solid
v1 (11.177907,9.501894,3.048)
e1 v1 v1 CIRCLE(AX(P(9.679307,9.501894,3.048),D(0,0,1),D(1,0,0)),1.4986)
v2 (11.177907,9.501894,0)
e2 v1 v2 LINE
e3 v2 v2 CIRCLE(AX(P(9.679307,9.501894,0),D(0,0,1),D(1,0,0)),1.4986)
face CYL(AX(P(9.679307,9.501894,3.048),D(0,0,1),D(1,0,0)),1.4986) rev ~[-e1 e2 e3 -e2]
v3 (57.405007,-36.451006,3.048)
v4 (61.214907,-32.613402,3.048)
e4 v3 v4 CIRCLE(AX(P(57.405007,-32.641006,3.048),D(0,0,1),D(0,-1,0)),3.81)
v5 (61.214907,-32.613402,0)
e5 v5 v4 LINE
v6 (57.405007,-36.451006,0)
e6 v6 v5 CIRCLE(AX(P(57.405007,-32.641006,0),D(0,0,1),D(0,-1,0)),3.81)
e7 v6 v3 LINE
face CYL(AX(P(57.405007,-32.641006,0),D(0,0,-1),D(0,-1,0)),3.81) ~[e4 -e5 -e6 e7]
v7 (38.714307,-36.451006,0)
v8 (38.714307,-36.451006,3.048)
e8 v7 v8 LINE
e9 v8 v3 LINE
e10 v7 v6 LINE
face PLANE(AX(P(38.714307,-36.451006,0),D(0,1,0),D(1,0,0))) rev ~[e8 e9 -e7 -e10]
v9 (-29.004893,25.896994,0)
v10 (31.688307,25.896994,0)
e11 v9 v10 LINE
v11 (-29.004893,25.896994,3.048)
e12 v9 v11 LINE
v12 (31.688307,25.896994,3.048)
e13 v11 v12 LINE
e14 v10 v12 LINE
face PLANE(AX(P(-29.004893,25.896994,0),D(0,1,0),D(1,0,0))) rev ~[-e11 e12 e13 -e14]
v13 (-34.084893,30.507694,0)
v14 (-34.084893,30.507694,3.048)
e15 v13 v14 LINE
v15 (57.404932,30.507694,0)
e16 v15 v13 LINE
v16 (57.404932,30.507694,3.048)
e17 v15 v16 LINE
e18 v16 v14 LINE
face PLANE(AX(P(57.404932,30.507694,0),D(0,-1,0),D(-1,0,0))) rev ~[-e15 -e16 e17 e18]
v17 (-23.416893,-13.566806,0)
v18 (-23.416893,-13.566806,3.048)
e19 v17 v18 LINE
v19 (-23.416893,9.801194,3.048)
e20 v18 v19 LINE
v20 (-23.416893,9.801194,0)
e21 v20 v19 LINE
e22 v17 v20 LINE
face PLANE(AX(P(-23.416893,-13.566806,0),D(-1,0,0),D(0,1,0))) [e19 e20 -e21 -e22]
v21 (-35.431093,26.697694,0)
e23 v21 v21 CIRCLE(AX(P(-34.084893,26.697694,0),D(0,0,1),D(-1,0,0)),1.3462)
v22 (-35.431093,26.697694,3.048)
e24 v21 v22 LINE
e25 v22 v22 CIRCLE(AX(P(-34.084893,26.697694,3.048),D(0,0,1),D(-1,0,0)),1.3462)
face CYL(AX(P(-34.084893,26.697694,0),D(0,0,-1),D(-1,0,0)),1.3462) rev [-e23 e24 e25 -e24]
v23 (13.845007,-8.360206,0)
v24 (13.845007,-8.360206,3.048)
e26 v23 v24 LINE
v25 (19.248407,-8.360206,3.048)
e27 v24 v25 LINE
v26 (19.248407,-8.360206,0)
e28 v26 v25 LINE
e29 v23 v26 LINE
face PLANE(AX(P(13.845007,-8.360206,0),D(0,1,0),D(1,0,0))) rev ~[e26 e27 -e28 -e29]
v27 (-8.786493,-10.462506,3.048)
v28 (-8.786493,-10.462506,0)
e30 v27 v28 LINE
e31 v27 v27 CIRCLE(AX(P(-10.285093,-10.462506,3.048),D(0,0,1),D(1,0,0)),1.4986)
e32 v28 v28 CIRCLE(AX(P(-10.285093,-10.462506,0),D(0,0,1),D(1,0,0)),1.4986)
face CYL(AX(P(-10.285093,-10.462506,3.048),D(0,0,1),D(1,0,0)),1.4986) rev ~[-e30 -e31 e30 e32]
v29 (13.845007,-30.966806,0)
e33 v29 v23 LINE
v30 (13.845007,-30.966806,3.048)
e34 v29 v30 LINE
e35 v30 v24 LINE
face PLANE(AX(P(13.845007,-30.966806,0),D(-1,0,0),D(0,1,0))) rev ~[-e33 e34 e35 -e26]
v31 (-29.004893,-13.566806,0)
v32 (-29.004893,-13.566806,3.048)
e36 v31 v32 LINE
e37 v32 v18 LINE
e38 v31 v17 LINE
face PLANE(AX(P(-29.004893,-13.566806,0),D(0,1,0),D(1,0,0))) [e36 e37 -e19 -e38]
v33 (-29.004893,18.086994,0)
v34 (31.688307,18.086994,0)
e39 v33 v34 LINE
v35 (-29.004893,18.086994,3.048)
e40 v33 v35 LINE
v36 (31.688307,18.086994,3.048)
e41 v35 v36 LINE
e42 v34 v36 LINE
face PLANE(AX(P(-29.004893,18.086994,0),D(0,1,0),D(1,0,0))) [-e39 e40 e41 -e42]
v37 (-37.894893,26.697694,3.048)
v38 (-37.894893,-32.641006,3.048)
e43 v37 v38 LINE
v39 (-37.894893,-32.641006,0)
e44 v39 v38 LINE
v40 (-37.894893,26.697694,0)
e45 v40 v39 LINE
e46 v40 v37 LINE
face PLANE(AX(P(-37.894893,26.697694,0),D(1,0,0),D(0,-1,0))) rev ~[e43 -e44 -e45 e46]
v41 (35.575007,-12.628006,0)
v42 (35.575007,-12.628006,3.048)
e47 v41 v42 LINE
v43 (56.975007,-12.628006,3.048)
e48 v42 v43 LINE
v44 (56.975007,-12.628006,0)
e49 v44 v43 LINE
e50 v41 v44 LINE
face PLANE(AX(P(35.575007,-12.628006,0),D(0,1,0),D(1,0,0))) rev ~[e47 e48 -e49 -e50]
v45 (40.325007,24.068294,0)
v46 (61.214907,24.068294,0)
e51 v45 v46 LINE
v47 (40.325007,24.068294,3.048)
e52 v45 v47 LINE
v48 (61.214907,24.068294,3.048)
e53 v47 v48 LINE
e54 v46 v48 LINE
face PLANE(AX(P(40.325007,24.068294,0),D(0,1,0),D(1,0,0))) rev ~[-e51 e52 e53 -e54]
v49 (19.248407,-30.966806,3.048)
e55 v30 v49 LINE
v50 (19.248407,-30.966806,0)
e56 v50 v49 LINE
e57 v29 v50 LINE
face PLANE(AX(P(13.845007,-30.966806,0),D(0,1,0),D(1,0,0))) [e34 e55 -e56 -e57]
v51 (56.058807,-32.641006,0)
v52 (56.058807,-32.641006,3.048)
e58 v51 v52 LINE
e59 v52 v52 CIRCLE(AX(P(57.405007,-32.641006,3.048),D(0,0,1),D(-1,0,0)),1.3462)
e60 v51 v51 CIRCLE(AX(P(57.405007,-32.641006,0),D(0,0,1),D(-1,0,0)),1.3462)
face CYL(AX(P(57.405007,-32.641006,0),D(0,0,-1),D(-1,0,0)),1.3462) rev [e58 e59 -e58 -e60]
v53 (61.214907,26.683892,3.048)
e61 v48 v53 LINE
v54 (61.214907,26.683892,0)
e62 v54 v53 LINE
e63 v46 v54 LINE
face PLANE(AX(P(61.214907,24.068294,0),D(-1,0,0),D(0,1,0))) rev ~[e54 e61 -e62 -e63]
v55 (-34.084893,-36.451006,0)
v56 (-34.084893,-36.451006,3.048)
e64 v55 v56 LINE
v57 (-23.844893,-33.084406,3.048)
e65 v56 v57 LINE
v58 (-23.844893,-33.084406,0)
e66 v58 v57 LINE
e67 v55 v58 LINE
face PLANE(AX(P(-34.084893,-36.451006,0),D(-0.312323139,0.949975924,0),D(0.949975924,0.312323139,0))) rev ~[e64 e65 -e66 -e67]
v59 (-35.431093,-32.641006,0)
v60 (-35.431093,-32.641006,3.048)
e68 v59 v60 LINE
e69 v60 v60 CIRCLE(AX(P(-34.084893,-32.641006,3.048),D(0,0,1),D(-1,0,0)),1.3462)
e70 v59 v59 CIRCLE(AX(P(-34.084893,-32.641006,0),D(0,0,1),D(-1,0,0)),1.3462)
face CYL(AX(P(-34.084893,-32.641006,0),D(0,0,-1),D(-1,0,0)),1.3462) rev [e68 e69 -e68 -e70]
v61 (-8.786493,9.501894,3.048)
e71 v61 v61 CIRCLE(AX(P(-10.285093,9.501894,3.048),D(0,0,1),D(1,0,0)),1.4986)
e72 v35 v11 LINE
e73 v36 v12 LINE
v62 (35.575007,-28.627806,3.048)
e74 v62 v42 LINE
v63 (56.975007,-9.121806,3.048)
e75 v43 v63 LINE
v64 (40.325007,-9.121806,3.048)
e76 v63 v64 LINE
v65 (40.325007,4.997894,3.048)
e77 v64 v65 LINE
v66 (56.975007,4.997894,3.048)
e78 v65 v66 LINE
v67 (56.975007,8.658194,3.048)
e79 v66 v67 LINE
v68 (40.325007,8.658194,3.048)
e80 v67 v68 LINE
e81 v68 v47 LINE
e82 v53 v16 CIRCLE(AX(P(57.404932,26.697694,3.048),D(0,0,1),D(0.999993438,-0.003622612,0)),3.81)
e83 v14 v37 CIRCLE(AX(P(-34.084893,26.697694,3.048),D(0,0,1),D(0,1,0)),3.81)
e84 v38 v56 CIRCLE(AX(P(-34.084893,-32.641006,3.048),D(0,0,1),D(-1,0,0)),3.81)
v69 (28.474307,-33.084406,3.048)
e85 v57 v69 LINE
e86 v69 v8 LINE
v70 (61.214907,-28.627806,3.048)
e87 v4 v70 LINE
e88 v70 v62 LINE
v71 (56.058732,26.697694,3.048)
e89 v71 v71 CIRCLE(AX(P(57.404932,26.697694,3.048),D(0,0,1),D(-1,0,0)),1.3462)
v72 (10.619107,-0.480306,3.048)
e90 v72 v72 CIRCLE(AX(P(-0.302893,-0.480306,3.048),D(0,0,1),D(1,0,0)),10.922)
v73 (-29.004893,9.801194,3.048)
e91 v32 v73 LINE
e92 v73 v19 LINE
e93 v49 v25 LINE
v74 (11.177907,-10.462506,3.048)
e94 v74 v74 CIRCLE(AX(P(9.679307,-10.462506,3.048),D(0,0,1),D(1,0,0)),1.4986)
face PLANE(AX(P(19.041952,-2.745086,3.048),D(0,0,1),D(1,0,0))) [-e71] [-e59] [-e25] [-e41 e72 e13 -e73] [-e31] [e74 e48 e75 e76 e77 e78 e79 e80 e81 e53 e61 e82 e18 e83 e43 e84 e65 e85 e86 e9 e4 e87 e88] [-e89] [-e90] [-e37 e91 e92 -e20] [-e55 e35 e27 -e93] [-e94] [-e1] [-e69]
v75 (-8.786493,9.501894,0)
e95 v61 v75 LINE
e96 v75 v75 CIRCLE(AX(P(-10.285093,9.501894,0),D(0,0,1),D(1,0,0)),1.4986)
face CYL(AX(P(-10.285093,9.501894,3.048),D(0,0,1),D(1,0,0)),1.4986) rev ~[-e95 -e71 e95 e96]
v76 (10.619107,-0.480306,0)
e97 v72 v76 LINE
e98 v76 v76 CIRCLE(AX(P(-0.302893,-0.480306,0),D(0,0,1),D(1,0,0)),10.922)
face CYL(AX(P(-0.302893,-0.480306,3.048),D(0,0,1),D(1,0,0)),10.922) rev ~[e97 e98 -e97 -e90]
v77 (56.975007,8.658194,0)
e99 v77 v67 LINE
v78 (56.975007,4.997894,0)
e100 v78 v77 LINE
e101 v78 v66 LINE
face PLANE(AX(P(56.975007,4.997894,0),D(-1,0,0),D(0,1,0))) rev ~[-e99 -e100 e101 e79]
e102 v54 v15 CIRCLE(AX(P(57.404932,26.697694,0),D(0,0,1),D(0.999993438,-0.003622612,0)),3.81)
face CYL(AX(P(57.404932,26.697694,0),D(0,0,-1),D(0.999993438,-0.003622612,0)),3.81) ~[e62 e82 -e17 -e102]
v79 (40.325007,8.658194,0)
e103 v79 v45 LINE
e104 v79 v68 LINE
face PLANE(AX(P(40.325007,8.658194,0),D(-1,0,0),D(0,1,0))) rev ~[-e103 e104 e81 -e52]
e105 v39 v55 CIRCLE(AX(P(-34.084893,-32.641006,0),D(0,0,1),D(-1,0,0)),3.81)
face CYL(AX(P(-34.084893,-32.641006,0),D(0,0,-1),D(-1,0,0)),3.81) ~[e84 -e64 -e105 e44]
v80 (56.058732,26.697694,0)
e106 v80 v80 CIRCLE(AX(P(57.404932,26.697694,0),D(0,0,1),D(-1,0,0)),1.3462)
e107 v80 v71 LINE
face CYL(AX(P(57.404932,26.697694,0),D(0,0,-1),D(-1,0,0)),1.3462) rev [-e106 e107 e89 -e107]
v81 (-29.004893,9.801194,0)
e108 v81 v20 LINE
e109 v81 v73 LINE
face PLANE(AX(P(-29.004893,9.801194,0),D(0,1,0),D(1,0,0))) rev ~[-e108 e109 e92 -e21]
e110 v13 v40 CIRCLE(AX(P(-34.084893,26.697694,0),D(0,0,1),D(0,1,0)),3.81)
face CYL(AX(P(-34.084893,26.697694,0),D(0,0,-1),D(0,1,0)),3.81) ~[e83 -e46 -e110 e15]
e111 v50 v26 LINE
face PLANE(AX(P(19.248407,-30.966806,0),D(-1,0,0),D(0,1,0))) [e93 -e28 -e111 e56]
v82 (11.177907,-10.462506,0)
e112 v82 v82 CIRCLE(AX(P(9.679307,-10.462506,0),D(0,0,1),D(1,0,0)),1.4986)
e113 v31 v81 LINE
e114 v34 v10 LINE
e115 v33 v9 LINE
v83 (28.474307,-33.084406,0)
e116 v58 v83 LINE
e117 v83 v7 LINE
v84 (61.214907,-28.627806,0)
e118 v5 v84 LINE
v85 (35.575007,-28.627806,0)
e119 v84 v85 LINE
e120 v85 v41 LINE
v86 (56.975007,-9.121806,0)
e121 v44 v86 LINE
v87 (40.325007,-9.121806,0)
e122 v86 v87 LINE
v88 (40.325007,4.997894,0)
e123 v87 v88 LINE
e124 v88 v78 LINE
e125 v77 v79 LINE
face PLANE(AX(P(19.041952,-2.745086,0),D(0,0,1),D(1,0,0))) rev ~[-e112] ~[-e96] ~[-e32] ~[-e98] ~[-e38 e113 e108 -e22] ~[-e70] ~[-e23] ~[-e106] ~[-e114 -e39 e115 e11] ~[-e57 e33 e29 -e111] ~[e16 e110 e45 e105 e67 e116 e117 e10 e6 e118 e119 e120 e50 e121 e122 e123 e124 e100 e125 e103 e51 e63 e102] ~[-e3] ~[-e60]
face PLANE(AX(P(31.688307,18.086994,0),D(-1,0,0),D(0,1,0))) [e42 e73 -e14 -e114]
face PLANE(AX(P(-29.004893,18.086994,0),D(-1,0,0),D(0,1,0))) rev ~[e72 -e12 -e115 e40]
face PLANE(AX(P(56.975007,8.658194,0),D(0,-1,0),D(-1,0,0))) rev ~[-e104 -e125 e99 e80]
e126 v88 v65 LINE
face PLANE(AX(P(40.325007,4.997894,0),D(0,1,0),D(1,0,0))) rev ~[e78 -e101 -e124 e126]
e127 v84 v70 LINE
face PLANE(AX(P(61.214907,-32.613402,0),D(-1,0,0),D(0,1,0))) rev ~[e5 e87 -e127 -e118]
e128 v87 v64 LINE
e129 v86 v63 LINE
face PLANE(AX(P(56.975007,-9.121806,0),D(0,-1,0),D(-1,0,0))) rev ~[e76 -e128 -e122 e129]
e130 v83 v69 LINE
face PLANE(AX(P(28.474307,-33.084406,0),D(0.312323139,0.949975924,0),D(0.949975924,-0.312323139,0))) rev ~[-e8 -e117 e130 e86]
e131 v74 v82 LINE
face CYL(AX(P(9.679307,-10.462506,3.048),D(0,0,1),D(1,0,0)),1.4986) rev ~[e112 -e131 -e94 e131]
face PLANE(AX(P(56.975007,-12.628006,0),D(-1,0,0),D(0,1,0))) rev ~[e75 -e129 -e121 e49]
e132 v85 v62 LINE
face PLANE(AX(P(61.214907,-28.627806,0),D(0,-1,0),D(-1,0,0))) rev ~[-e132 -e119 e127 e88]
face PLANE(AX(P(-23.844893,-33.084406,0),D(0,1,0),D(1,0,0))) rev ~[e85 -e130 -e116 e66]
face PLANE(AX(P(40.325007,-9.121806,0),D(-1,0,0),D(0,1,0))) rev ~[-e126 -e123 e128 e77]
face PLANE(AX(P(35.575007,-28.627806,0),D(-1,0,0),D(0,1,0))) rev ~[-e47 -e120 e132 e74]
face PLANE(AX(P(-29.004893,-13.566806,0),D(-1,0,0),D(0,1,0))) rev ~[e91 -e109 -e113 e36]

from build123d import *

# Parameters (mm, degrees)
SKETCH1_R           = 1.3462
SKETCH1_W           = 5.4034
SKETCH1_H           = 22.6066
SKETCH1_W_2         = 60.6932
SKETCH1_H_2         = 7.81
SKETCH1_W_3         = 5.588
SKETCH1_H_3         = 23.368
BOSS_EXTRUDE1_DEPTH = 3.048
SKETCH2_R           = 10.922
SKETCH2_R_2         = 1.4986
CUT_EXTRUDE1_DEPTH  = 72.310891511


with BuildPart() as part:
    # Sketch1 → Boss-Extrude1 (new body)
    with BuildSketch(Plane.XY):
        with BuildLine():
            Line((57.404932375, 30.507694304), (-34.084892625, 30.507694304))
            ThreePointArc((-34.084892625, 30.507694304), (-36.778969461, 29.391771141), (-37.894892625, 26.697694304))
            Line((-37.894892625, 26.697694304), (-37.894892625, -32.641005696))
            ThreePointArc((-37.894892625, -32.641005696), (-36.778969461, -35.335082532), (-34.084892625, -36.451005696))
            Line((-34.084892625, -36.451005696), (-23.844892625, -33.084405696))
            Line((-23.844892625, -33.084405696), (28.474307375, -33.084405696))
            Line((28.474307375, -33.084405696), (38.714307375, -36.451005696))
            Line((38.714307375, -36.451005696), (57.405007375, -36.451005696))
            ThreePointArc((57.405007375, -36.451005696), (60.108826144, -35.325305244), (61.214907375, -32.613401529))
            Line((61.214907375, -32.613401529), (61.214907375, -28.627805696))
            Line((61.214907375, -28.627805696), (35.575007375, -28.627805696))
            Line((35.575007375, -28.627805696), (35.575007375, -12.628005696))
            Line((35.575007375, -12.628005696), (56.975007375, -12.628005696))
            Line((56.975007375, -12.628005696), (56.975007375, -9.121805696))
            Line((56.975007375, -9.121805696), (40.325007375, -9.121805696))
            Line((40.325007375, -9.121805696), (40.325007375, 4.997894304))
            Line((40.325007375, 4.997894304), (56.975007375, 4.997894304))
            Line((56.975007375, 4.997894304), (56.975007375, 8.658194304))
            Line((56.975007375, 8.658194304), (40.325007375, 8.658194304))
            Line((40.325007375, 8.658194304), (40.325007375, 24.068294304))
            Line((40.325007375, 24.068294304), (61.214907375, 24.068294304))
            Line((61.214907375, 24.068294304), (61.214907375, 26.683892153))
            ThreePointArc((61.214907375, 26.683892153), (60.103884597, 29.386886916), (57.404932375, 30.507694304))
        make_face()
        with Locations(Location((57.405007375, -32.641005696, 0), (0, 0, 180))):
            Circle(SKETCH1_R, mode=Mode.SUBTRACT)
        with Locations(Location((-34.084892625, -32.641005696, 0), (0, 0, 180))):
            Circle(SKETCH1_R, mode=Mode.SUBTRACT)
        with Locations(Location((-34.084892625, 26.697694304, 0), (0, 0, 180))):
            Circle(SKETCH1_R, mode=Mode.SUBTRACT)
        with Locations(Location((57.404932375, 26.697694304, 0), (0, 0, 180))):
            Circle(SKETCH1_R, mode=Mode.SUBTRACT)
        with Locations((16.546707375, -19.663505696)):
            Rectangle(SKETCH1_W, SKETCH1_H, mode=Mode.SUBTRACT)
        with Locations((1.341707375, 21.991994304)):
            Rectangle(SKETCH1_W_2, SKETCH1_H_2, mode=Mode.SUBTRACT)
        with Locations((-26.210892625, -1.882805696)):
            Rectangle(SKETCH1_W_3, SKETCH1_H_3, mode=Mode.SUBTRACT)
    extrude(amount=BOSS_EXTRUDE1_DEPTH)

    # Sketch2 → Cut-Extrude1 (cut, through all)
    with BuildSketch(Plane.XY.offset(3.048)):
        with Locations((-0.302892625, -0.480305696)):
            Circle(SKETCH2_R)
        with Locations((-10.285092625, -10.462505696)):
            Circle(SKETCH2_R_2)
        with Locations((-10.285092625, 9.501894304)):
            Circle(SKETCH2_R_2)
        with Locations((9.679307375, -10.462505696)):
            Circle(SKETCH2_R_2)
        with Locations((9.679307375, 9.501894304)):
            Circle(SKETCH2_R_2)
    extrude(amount=-CUT_EXTRUDE1_DEPTH, mode=Mode.SUBTRACT)


solid = part.part
